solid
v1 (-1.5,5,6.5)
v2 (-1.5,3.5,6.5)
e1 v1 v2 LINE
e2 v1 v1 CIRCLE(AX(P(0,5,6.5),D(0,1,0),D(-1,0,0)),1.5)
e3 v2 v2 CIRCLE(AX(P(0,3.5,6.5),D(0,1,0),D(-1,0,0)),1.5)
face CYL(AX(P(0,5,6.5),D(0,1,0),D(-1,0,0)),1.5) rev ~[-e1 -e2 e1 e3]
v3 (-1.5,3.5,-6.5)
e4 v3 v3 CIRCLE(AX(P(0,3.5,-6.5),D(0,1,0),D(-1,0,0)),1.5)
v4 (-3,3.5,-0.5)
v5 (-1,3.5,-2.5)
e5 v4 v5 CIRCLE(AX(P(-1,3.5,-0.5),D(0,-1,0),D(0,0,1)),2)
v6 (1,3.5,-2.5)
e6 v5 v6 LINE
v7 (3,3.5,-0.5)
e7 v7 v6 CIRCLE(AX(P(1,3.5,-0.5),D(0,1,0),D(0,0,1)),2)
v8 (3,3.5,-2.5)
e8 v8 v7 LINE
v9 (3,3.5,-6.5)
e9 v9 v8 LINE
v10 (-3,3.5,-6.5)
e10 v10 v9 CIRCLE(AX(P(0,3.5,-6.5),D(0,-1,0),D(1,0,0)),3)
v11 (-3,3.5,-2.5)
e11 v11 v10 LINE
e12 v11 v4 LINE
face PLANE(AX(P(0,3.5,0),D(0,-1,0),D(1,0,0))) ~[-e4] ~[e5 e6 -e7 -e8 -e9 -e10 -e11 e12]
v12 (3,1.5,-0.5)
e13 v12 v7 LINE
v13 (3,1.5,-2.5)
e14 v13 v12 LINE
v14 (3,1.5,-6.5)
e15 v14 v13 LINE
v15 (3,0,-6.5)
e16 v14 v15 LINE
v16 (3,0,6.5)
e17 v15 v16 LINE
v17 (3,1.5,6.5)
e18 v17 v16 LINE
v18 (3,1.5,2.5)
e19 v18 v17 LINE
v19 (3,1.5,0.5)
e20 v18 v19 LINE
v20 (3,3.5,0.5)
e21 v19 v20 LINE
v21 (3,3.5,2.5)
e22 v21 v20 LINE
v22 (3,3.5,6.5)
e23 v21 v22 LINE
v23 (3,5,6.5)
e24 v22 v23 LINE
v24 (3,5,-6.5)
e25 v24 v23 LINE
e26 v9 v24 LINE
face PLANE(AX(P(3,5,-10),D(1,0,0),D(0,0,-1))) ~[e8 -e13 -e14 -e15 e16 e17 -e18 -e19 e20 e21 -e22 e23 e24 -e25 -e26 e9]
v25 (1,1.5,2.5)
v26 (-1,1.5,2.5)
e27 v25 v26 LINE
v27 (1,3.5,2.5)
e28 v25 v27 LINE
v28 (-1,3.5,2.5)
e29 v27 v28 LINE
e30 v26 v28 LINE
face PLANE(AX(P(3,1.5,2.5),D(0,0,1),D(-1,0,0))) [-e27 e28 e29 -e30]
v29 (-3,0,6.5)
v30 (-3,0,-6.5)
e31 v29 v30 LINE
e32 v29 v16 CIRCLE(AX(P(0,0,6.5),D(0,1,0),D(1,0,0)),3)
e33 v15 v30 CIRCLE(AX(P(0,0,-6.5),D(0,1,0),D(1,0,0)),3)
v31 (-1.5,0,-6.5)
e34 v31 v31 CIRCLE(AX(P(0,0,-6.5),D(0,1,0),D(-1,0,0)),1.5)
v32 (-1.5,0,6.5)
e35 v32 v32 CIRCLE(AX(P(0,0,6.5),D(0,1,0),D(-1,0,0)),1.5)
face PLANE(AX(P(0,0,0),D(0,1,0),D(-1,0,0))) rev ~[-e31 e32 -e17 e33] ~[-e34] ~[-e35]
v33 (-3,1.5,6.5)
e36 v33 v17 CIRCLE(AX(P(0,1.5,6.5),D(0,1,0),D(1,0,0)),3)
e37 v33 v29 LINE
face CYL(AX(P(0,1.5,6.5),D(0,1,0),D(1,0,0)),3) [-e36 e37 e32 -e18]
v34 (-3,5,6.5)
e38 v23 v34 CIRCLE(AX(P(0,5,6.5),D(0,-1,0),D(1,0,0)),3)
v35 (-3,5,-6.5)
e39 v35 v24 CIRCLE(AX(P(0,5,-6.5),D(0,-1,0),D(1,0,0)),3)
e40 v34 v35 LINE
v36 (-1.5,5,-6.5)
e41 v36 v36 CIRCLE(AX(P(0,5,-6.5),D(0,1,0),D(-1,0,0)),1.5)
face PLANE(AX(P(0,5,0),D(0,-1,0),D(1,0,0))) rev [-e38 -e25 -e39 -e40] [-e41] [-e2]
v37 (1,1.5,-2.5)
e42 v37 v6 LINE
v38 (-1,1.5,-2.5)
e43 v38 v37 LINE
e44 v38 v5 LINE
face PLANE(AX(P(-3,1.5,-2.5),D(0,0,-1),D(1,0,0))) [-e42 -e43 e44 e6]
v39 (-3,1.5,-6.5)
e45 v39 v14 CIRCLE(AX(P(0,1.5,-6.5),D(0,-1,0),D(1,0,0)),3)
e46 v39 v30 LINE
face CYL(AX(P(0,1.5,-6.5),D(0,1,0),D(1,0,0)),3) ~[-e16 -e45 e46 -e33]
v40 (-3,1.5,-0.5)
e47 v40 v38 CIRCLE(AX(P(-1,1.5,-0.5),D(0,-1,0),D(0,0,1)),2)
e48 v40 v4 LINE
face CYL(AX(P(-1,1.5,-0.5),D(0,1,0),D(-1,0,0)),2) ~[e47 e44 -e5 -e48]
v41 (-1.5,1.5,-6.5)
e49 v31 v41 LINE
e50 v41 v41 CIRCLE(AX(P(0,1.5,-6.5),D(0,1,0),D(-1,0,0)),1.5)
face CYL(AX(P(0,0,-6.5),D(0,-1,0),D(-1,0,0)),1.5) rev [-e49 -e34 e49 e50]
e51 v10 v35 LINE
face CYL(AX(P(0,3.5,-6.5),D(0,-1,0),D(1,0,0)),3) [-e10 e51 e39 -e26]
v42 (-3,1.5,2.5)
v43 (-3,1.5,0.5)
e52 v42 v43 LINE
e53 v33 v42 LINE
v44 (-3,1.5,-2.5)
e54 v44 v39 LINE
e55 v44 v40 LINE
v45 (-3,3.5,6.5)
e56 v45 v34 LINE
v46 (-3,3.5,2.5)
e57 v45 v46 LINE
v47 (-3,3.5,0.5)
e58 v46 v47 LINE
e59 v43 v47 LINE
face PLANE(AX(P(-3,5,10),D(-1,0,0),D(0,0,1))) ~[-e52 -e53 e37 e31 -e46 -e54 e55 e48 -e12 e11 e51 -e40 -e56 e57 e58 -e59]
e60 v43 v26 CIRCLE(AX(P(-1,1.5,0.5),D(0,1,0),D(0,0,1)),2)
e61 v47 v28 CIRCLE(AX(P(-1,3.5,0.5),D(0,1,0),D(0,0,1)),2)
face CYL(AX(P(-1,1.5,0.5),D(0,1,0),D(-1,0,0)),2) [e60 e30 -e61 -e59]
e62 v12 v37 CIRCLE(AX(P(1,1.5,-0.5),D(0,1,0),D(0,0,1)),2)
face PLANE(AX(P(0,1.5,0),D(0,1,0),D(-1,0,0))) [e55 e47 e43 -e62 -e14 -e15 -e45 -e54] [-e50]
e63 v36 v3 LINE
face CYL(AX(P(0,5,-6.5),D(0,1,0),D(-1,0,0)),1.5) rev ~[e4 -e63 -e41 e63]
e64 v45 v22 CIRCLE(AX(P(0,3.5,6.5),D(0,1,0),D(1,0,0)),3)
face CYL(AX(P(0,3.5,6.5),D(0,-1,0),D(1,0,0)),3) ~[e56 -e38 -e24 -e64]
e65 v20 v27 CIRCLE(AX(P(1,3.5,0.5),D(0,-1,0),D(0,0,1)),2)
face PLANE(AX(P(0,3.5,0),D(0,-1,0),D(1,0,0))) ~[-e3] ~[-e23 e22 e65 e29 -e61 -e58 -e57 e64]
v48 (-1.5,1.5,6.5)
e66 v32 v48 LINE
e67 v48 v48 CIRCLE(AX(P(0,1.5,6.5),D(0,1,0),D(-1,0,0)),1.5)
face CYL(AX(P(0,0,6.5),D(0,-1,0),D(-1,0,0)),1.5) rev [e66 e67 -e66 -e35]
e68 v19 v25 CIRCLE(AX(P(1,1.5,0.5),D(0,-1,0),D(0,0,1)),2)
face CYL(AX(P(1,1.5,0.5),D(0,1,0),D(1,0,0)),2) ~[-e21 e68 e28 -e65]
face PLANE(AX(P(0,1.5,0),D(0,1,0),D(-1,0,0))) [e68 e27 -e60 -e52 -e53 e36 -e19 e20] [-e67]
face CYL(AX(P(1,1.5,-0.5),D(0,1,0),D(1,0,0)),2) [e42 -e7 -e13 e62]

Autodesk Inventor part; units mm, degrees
ref_plane "YZ Plane" through (0, 0, 0) normal (1, 0, 0) x (0, 1, 0)
ref_plane "XZ Plane" through (0, 0, 0) normal (0, 1, 0) x (-1, 0, 0)
ref_plane "XY Plane" through (0, 0, 0) normal (0, 0, 1) x (1, 0, 0)
sketch "Sketch1" plane through (0, 0, 0) normal (0, 1, 0) x (-1, 0, 0)
  line L0 (-3, 10) -> (3, 10)
  line L1 (3, 10) -> (3, -10)
  line L2 (3, -10) -> (-3, -10)
  line L3 (-3, -10) -> (-3, 10)
  line L4 (-3, 10) -> (3, -10) construction
  line L5 (3, 10) -> (-3, -10) construction
  line L6 (0, -10) -> (0, -6.5) construction
  line L7 (0, 10) -> (0, 6.5) construction
  circle A0 centre (0, 6.5) radius 1.5
  circle A1 centre (0, -6.5) radius 1.5
  point P0 (0, 0)
  dimension "d0" = 6
  dimension "d1" = 20
  dimension "d2" = 3.5
  dimension "d3" = 3.5
  dimension "d4" = 3
  dimension "d5" = 3
extrude "Extrusion1" add sketch "Sketch1" along normal blind 1.5
fillet "Fillet1" radius 2 4 edges at (3, 0.75, 10) (-3, 0.75, 10) (3, 0.75, -10) (-3, 0.75, -10)
sketch "Sketch2" plane through (0, 1.5, 0) normal (0, 1, 0) x (1, 0, 0)
  circle A0 centre (0, -6.5) radius 1.5 projected
  circle A1 centre (0, -6.5) radius 1.5
  circle A2 centre (0, -6.5) radius 3
  line L0 (-3, -6.5) -> (3, -6.5)
  line L1 (3, -6.5) -> (3, -10)
  line L2 (3, -10) -> (-3, -10)
  line L3 (-3, -10) -> (-3, -6.5)
  point P0 (0, 0)
  point P1 (3, -6.5)
  dimension "d9" = 6
  dimension "d10" = 3
  dimension "d11" = 3.5
extrude "Extrusion2" cut sketch "Sketch2" against normal through all contours L1 L2 L3 A2
mirror "Mirror1" about plane through (0, 0, 0) normal (0, 0, 1) of "Extrusion2"
sketch "Sketch3" plane through (0, 1.5, 0) normal (0, 1, 0) x (1, 0, 0)
  line L0 (-3, 6.5) -> (-3, -6.5) projected
  line L1 (3, -2.5) -> (-3, -2.5)
  line L2 (-3, -2.5) -> (-3, 2.5)
  line L3 (-3, 2.5) -> (3, 2.5)
  line L4 (3, 2.5) -> (3, -2.5)
  line L5 (3, -2.5) -> (-3, 2.5) construction
  line L6 (-3, -2.5) -> (3, 2.5) construction
  point P0 (0, 0)
  dimension "d14" = 5
extrude "Extrusion3" add sketch "Sketch3" along normal blind 2
ref_plane "Work Plane1" through (0, 2.5, 0) normal (0, -1, 0) x (1, 0, 0)
mirror "Mirror2" about plane through (0, 2.5, 0) normal (0, -1, 0) of "Extrusion1", "Fillet1", "Extrusion2", "Mirror1"
fillet "Fillet2" radius 2 4 edges at (3, 2.5, 2.5) (3, 2.5, -2.5) (-3, 2.5, 2.5) (-3, 2.5, -2.5)
properties part number "DAWN_chain_round"
